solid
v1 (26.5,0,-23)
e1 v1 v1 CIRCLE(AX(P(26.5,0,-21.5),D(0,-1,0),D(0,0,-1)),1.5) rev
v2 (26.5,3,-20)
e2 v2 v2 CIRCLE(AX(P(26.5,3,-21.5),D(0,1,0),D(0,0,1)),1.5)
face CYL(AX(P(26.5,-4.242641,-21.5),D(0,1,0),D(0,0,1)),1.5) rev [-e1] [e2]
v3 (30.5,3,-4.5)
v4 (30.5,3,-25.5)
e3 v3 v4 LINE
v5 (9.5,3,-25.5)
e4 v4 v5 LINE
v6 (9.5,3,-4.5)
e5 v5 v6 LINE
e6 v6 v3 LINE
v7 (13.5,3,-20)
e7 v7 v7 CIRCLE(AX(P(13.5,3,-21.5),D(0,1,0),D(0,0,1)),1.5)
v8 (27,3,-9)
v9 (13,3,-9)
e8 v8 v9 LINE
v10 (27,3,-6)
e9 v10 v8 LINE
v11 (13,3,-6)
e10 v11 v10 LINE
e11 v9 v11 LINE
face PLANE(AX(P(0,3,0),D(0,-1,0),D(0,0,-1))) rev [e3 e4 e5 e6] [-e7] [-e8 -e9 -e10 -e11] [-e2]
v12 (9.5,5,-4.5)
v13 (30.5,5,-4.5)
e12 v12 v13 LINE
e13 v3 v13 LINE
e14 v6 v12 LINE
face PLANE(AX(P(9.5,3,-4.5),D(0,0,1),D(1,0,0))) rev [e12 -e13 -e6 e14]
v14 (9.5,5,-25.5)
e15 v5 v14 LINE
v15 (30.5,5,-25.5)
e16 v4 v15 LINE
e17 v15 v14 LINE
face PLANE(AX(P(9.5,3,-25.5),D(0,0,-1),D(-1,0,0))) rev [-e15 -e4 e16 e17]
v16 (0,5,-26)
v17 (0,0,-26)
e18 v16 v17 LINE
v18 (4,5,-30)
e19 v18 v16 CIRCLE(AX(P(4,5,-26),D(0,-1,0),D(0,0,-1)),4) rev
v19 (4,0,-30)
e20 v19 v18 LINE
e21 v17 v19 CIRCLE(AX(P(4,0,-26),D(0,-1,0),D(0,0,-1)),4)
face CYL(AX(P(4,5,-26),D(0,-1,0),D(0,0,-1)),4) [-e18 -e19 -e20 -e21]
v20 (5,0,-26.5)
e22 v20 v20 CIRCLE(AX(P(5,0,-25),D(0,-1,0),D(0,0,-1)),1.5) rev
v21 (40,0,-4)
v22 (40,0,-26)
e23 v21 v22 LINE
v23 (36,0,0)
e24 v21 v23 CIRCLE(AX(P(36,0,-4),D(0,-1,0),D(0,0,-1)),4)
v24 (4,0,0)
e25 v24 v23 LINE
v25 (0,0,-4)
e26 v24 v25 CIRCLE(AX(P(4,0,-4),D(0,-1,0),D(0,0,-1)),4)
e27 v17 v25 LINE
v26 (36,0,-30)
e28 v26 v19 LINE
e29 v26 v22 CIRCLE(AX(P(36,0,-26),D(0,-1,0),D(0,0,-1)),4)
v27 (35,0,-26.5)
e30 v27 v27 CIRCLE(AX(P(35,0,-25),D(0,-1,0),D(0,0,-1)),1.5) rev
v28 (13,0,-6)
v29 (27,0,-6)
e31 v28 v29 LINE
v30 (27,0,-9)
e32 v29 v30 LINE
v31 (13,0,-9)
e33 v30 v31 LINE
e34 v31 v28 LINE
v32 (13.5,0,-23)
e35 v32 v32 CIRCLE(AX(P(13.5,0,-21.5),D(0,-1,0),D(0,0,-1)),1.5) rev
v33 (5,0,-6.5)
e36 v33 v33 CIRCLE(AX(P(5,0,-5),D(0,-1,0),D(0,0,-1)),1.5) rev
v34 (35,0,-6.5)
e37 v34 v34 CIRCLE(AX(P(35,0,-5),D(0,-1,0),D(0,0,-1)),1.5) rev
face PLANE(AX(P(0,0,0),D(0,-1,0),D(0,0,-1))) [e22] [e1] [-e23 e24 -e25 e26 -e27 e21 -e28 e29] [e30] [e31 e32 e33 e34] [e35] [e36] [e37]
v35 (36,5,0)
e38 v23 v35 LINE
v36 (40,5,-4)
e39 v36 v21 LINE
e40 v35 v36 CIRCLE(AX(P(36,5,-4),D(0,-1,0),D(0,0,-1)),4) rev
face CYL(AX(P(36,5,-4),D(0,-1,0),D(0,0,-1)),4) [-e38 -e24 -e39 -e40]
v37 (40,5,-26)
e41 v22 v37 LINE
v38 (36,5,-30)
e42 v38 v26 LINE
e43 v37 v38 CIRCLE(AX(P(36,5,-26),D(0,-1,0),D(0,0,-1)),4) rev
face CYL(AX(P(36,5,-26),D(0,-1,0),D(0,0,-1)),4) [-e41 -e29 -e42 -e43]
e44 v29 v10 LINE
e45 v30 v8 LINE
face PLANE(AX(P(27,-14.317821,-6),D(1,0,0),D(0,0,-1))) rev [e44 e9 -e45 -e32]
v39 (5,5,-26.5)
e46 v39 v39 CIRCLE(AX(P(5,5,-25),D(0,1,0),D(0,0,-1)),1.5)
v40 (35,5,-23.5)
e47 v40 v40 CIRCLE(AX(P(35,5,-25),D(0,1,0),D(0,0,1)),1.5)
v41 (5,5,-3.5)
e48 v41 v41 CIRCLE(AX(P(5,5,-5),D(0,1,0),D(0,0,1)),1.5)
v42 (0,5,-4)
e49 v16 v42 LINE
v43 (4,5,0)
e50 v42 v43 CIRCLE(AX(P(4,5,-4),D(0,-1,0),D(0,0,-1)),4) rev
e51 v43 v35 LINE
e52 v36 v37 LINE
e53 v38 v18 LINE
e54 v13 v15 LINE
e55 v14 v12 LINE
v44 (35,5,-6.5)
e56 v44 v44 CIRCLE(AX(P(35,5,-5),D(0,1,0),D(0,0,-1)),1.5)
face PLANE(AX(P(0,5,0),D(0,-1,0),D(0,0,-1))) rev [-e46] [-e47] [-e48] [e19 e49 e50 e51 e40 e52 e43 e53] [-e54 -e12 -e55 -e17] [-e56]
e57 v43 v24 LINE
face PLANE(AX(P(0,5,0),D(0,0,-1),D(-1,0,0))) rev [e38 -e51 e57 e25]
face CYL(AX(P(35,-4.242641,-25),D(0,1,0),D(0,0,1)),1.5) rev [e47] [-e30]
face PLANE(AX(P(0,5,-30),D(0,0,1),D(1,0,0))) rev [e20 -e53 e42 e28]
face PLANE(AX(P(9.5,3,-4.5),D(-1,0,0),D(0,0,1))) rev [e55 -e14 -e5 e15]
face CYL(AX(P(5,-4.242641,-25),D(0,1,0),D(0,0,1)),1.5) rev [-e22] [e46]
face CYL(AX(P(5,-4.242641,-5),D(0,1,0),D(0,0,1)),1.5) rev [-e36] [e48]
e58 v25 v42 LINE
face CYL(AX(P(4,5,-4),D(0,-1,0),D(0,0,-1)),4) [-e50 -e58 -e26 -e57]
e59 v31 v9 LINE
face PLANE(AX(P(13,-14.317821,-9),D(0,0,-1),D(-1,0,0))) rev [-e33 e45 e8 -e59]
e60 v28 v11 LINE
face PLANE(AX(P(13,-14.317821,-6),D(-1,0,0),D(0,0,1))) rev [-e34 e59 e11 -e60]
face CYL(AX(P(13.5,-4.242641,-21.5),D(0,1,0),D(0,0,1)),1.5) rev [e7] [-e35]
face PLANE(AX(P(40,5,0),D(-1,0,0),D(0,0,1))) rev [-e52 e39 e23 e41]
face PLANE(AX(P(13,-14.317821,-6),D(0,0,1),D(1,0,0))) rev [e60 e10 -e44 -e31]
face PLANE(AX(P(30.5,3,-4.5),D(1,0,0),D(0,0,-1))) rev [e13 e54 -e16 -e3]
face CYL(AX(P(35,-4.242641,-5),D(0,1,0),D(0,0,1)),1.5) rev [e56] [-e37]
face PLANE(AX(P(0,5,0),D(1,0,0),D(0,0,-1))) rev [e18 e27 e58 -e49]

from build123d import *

# Parameters (mm, degrees)
SKETCH1_W           = 40
SKETCH1_H           = 30
BOSS_EXTRUDE1_DEPTH = 5
SKETCH2_W           = 21
SKETCH2_H           = 21
CUT_EXTRUDE1_DEPTH  = 2
SKETCH3_W           = 14
SKETCH3_H           = 3
CUT_EXTRUDE2_DEPTH  = 3
SKETCH4_R           = 1.5
CUT_EXTRUDE3_DEPTH  = 3
SKETCH5_R           = 1.5
CUT_EXTRUDE4_DEPTH  = 5
FILLET1_R           = 4


with BuildPart() as part:
    # Sketch1 → Boss-Extrude1 (new body)
    with BuildSketch(Plane(origin=(0, 0, 0), x_dir=(1, 0, 0), z_dir=(0, 1, 0))):
        with Locations((20, 15)):
            Rectangle(SKETCH1_W, SKETCH1_H)
    extrude(amount=BOSS_EXTRUDE1_DEPTH)

    # Sketch2 → Cut-Extrude1 (cut)
    with BuildSketch(Plane(origin=(0, 5, 0), x_dir=(1, 0, 0), z_dir=(0, 1, 0))):
        with Locations((20, 15)):
            Rectangle(SKETCH2_W, SKETCH2_H)
    extrude(amount=-CUT_EXTRUDE1_DEPTH, mode=Mode.SUBTRACT)

    # Sketch3 → Cut-Extrude2 (cut)
    with BuildSketch(Plane(origin=(0, 3, 0), x_dir=(1, 0, 0), z_dir=(0, 1, 0))):
        with Locations((20, 7.5)):
            Rectangle(SKETCH3_W, SKETCH3_H)
    extrude(amount=-CUT_EXTRUDE2_DEPTH, mode=Mode.SUBTRACT)

    # Sketch4 → Cut-Extrude3 (cut)
    with BuildSketch(Plane(origin=(0, 3, 0), x_dir=(1, 0, 0), z_dir=(0, 1, 0))):
        with Locations(Location((13.5, 21.5, 0), (0, 0, 270))):
            Circle(SKETCH4_R)
        with Locations(Location((26.5, 21.5, 0), (0, 0, 270))):
            Circle(SKETCH4_R)
    extrude(amount=-CUT_EXTRUDE3_DEPTH, mode=Mode.SUBTRACT)

    # Sketch5 → Cut-Extrude4 (cut)
    with BuildSketch(Plane(origin=(0, 5, 0), x_dir=(1, 0, 0), z_dir=(0, 1, 0))):
        with Locations(Location((5, 25, 0), (0, 0, 90))):
            Circle(SKETCH5_R)
        with Locations(Location((35, 5, 0), (0, 0, 90))):
            Circle(SKETCH5_R)
        with Locations(Location((35, 25, 0), (0, 0, 270))):
            Circle(SKETCH5_R)
        with Locations(Location((5, 5, 0), (0, 0, 270))):
            Circle(SKETCH5_R)
    extrude(amount=-CUT_EXTRUDE4_DEPTH, mode=Mode.SUBTRACT)

    # Fillet1
    fillet1_edges = [part.edges().sort_by_distance(p)[0] for p in [
        (0, 2.5, -30),
        (40, 2.5, -30),
        (40, 2.5, 0),
        (0, 2.5, 0),
    ]]
    fillet(fillet1_edges, radius=FILLET1_R)


solid = part.part
